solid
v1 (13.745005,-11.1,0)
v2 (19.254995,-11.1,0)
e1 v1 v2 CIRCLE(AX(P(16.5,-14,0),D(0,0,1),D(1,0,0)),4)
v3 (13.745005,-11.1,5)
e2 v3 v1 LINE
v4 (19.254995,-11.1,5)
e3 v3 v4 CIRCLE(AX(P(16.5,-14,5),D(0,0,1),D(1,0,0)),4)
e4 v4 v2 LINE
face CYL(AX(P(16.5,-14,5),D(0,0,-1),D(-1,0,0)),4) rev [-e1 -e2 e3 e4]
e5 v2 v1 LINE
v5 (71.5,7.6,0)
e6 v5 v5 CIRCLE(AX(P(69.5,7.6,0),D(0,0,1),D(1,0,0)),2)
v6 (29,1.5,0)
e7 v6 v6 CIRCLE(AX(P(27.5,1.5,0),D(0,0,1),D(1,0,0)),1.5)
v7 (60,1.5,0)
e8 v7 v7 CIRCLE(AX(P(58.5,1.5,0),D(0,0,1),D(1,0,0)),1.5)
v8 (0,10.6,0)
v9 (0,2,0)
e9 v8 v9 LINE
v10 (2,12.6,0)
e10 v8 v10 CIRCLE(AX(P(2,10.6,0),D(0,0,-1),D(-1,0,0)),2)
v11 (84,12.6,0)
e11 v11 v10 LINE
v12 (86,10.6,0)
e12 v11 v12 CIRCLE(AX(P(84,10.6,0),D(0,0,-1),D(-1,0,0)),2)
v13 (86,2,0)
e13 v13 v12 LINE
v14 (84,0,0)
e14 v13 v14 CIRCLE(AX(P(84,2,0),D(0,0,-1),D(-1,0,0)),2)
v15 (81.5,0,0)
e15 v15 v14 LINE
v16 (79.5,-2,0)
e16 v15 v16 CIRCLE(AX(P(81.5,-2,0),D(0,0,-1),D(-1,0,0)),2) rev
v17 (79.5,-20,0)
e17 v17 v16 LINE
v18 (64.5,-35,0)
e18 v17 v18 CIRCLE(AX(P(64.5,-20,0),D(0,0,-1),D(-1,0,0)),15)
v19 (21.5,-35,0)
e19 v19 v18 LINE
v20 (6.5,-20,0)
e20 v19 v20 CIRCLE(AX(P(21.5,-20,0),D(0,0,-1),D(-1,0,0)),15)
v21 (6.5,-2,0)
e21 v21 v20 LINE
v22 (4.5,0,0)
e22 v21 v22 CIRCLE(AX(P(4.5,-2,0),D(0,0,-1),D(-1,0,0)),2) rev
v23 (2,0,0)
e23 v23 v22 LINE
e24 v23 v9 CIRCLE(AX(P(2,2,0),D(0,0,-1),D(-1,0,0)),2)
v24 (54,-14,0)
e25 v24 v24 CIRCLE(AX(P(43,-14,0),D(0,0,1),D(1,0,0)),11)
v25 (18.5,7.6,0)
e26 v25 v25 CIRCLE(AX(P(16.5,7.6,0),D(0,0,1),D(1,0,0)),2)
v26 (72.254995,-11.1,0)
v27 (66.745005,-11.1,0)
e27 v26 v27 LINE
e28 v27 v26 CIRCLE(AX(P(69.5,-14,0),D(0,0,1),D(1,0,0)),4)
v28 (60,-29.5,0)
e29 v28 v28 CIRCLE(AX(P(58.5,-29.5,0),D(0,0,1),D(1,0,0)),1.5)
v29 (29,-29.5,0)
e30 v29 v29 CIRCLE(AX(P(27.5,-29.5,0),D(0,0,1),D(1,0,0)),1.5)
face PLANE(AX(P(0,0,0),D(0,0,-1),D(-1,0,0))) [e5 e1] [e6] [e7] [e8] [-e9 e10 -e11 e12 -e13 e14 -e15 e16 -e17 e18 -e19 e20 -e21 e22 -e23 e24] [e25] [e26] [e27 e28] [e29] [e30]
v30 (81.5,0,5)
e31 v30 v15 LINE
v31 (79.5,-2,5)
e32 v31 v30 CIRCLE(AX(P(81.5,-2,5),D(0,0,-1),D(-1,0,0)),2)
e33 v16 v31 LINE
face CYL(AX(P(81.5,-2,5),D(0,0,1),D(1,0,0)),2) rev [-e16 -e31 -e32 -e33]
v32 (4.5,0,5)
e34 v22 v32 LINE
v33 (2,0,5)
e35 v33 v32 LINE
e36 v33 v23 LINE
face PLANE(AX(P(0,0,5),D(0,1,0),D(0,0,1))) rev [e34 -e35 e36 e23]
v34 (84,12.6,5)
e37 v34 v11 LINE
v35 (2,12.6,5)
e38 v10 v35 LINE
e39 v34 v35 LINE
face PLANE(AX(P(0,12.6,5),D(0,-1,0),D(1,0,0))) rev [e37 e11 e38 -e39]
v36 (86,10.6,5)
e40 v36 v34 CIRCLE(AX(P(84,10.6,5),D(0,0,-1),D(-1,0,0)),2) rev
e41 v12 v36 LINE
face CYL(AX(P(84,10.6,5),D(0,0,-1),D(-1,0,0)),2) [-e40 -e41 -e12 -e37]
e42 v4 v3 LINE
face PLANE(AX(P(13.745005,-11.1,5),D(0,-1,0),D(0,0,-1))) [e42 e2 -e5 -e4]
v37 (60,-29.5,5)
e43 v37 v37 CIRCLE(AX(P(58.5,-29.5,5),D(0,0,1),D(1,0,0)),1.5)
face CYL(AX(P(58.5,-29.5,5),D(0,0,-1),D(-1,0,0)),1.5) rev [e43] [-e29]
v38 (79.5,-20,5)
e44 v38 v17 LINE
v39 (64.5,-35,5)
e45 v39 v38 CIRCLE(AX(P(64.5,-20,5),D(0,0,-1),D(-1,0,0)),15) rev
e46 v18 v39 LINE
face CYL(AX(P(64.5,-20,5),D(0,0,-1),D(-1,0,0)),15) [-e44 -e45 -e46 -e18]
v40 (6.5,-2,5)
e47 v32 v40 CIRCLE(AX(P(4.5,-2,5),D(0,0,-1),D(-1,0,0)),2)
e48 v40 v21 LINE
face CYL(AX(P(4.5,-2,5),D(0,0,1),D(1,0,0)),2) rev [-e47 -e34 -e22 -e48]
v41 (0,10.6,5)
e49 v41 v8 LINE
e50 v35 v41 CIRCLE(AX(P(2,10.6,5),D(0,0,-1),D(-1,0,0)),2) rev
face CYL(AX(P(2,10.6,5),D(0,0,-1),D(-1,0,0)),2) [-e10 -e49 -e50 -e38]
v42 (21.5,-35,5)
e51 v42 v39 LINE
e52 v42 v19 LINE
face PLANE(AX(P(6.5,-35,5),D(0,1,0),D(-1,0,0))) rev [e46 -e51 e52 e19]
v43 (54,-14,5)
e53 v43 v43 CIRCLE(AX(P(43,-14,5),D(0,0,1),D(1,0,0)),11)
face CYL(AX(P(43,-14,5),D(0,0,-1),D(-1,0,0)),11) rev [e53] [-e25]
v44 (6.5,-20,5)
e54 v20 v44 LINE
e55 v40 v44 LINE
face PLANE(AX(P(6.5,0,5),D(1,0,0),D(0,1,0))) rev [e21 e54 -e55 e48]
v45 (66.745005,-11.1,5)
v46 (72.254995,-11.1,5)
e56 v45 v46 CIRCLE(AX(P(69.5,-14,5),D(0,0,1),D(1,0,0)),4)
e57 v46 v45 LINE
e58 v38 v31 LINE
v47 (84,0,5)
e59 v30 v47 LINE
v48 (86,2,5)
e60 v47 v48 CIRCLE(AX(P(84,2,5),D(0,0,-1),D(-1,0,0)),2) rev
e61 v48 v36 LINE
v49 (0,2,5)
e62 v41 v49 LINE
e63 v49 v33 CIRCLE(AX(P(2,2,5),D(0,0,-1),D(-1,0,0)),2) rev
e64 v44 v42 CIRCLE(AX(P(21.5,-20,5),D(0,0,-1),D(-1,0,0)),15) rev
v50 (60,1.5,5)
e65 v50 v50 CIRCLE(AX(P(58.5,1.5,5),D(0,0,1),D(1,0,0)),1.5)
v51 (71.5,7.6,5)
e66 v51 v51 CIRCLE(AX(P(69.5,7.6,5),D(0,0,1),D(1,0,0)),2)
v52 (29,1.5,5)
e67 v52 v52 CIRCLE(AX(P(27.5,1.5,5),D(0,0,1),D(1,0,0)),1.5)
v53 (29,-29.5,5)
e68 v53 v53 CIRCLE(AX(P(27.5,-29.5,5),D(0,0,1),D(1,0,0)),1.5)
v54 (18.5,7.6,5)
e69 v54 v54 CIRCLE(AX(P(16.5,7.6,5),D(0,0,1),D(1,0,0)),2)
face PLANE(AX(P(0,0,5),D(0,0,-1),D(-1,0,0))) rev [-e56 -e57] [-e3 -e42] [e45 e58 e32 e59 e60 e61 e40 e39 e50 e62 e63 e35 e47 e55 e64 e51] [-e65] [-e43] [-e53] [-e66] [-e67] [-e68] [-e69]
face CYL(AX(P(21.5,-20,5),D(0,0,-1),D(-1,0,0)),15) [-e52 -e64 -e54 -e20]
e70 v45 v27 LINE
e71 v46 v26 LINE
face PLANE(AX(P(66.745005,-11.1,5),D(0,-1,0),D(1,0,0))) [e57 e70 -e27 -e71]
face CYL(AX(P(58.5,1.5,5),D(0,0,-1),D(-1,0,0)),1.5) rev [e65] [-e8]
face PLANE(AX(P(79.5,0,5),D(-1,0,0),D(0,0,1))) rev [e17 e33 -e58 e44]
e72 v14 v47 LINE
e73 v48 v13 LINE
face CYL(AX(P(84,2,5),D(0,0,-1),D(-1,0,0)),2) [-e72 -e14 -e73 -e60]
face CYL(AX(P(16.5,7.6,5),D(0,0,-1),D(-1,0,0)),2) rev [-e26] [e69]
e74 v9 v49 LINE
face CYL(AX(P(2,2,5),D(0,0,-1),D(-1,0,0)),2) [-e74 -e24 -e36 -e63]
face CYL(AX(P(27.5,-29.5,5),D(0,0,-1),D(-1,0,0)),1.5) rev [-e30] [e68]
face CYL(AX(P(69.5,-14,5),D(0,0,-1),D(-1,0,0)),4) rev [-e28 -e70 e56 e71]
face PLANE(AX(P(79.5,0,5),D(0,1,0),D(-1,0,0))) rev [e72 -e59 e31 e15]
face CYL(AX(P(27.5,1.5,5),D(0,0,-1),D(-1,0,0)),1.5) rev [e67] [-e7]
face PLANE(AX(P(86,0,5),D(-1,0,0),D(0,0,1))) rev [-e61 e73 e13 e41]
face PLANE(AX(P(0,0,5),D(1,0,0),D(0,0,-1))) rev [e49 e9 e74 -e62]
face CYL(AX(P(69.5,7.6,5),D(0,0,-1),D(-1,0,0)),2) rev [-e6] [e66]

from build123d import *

# Parameters (mm, degrees)
SKETCH1_R           = 2
SKETCH1_R_2         = 11
SKETCH1_R_3         = 1.5
BOSS_EXTRUDE1_DEPTH = 5
FILLET1_R           = 2
FILLET2_R           = 15


with BuildPart() as part:
    # Sketch1 → Boss-Extrude1 (new body)
    with BuildSketch(Plane.XY):
        Polygon((0, 0), (6.5, 0), (6.5, -35), (79.5, -35), (79.5, 0), (86, 0), (86, 12.6), (0, 12.6), align=None)
        with Locations((69.5, 7.6)):
            Circle(SKETCH1_R, mode=Mode.SUBTRACT)
        with Locations((16.5, 7.6)):
            Circle(SKETCH1_R, mode=Mode.SUBTRACT)
        with Locations((43, -14)):
            Circle(SKETCH1_R_2, mode=Mode.SUBTRACT)
        with Locations((27.5, -29.5)):
            Circle(SKETCH1_R_3, mode=Mode.SUBTRACT)
        with Locations((58.5, -29.5)):
            Circle(SKETCH1_R_3, mode=Mode.SUBTRACT)
        with Locations((27.5, 1.5)):
            Circle(SKETCH1_R_3, mode=Mode.SUBTRACT)
        with Locations((58.5, 1.5)):
            Circle(SKETCH1_R_3, mode=Mode.SUBTRACT)
        with BuildLine():
            Line((13.745004537, -11.1), (19.254995463, -11.1))
            ThreePointArc((19.254995463, -11.1), (16.5, -18), (13.745004537, -11.1))
        make_face(mode=Mode.SUBTRACT)
        with BuildLine():
            Line((66.745004537, -11.1), (72.254995463, -11.1))
            ThreePointArc((72.254995463, -11.1), (69.5, -18), (66.745004537, -11.1))
        make_face(mode=Mode.SUBTRACT)
    extrude(amount=BOSS_EXTRUDE1_DEPTH)

    # Fillet1
    fillet1_edges = [part.edges().sort_by_distance(p)[0] for p in [
        (0, 12.6, 2.5),
        (86, 12.6, 2.5),
        (86, 0, 2.5),
        (79.5, 0, 2.5),
        (6.5, 0, 2.5),
        (0, 0, 2.5),
    ]]
    fillet(fillet1_edges, radius=FILLET1_R)

    # Fillet2
    fillet2_edges = [part.edges().sort_by_distance(p)[0] for p in [
        (79.5, -35, 2.5),
        (6.5, -35, 2.5),
    ]]
    fillet(fillet2_edges, radius=FILLET2_R)


solid = part.part
